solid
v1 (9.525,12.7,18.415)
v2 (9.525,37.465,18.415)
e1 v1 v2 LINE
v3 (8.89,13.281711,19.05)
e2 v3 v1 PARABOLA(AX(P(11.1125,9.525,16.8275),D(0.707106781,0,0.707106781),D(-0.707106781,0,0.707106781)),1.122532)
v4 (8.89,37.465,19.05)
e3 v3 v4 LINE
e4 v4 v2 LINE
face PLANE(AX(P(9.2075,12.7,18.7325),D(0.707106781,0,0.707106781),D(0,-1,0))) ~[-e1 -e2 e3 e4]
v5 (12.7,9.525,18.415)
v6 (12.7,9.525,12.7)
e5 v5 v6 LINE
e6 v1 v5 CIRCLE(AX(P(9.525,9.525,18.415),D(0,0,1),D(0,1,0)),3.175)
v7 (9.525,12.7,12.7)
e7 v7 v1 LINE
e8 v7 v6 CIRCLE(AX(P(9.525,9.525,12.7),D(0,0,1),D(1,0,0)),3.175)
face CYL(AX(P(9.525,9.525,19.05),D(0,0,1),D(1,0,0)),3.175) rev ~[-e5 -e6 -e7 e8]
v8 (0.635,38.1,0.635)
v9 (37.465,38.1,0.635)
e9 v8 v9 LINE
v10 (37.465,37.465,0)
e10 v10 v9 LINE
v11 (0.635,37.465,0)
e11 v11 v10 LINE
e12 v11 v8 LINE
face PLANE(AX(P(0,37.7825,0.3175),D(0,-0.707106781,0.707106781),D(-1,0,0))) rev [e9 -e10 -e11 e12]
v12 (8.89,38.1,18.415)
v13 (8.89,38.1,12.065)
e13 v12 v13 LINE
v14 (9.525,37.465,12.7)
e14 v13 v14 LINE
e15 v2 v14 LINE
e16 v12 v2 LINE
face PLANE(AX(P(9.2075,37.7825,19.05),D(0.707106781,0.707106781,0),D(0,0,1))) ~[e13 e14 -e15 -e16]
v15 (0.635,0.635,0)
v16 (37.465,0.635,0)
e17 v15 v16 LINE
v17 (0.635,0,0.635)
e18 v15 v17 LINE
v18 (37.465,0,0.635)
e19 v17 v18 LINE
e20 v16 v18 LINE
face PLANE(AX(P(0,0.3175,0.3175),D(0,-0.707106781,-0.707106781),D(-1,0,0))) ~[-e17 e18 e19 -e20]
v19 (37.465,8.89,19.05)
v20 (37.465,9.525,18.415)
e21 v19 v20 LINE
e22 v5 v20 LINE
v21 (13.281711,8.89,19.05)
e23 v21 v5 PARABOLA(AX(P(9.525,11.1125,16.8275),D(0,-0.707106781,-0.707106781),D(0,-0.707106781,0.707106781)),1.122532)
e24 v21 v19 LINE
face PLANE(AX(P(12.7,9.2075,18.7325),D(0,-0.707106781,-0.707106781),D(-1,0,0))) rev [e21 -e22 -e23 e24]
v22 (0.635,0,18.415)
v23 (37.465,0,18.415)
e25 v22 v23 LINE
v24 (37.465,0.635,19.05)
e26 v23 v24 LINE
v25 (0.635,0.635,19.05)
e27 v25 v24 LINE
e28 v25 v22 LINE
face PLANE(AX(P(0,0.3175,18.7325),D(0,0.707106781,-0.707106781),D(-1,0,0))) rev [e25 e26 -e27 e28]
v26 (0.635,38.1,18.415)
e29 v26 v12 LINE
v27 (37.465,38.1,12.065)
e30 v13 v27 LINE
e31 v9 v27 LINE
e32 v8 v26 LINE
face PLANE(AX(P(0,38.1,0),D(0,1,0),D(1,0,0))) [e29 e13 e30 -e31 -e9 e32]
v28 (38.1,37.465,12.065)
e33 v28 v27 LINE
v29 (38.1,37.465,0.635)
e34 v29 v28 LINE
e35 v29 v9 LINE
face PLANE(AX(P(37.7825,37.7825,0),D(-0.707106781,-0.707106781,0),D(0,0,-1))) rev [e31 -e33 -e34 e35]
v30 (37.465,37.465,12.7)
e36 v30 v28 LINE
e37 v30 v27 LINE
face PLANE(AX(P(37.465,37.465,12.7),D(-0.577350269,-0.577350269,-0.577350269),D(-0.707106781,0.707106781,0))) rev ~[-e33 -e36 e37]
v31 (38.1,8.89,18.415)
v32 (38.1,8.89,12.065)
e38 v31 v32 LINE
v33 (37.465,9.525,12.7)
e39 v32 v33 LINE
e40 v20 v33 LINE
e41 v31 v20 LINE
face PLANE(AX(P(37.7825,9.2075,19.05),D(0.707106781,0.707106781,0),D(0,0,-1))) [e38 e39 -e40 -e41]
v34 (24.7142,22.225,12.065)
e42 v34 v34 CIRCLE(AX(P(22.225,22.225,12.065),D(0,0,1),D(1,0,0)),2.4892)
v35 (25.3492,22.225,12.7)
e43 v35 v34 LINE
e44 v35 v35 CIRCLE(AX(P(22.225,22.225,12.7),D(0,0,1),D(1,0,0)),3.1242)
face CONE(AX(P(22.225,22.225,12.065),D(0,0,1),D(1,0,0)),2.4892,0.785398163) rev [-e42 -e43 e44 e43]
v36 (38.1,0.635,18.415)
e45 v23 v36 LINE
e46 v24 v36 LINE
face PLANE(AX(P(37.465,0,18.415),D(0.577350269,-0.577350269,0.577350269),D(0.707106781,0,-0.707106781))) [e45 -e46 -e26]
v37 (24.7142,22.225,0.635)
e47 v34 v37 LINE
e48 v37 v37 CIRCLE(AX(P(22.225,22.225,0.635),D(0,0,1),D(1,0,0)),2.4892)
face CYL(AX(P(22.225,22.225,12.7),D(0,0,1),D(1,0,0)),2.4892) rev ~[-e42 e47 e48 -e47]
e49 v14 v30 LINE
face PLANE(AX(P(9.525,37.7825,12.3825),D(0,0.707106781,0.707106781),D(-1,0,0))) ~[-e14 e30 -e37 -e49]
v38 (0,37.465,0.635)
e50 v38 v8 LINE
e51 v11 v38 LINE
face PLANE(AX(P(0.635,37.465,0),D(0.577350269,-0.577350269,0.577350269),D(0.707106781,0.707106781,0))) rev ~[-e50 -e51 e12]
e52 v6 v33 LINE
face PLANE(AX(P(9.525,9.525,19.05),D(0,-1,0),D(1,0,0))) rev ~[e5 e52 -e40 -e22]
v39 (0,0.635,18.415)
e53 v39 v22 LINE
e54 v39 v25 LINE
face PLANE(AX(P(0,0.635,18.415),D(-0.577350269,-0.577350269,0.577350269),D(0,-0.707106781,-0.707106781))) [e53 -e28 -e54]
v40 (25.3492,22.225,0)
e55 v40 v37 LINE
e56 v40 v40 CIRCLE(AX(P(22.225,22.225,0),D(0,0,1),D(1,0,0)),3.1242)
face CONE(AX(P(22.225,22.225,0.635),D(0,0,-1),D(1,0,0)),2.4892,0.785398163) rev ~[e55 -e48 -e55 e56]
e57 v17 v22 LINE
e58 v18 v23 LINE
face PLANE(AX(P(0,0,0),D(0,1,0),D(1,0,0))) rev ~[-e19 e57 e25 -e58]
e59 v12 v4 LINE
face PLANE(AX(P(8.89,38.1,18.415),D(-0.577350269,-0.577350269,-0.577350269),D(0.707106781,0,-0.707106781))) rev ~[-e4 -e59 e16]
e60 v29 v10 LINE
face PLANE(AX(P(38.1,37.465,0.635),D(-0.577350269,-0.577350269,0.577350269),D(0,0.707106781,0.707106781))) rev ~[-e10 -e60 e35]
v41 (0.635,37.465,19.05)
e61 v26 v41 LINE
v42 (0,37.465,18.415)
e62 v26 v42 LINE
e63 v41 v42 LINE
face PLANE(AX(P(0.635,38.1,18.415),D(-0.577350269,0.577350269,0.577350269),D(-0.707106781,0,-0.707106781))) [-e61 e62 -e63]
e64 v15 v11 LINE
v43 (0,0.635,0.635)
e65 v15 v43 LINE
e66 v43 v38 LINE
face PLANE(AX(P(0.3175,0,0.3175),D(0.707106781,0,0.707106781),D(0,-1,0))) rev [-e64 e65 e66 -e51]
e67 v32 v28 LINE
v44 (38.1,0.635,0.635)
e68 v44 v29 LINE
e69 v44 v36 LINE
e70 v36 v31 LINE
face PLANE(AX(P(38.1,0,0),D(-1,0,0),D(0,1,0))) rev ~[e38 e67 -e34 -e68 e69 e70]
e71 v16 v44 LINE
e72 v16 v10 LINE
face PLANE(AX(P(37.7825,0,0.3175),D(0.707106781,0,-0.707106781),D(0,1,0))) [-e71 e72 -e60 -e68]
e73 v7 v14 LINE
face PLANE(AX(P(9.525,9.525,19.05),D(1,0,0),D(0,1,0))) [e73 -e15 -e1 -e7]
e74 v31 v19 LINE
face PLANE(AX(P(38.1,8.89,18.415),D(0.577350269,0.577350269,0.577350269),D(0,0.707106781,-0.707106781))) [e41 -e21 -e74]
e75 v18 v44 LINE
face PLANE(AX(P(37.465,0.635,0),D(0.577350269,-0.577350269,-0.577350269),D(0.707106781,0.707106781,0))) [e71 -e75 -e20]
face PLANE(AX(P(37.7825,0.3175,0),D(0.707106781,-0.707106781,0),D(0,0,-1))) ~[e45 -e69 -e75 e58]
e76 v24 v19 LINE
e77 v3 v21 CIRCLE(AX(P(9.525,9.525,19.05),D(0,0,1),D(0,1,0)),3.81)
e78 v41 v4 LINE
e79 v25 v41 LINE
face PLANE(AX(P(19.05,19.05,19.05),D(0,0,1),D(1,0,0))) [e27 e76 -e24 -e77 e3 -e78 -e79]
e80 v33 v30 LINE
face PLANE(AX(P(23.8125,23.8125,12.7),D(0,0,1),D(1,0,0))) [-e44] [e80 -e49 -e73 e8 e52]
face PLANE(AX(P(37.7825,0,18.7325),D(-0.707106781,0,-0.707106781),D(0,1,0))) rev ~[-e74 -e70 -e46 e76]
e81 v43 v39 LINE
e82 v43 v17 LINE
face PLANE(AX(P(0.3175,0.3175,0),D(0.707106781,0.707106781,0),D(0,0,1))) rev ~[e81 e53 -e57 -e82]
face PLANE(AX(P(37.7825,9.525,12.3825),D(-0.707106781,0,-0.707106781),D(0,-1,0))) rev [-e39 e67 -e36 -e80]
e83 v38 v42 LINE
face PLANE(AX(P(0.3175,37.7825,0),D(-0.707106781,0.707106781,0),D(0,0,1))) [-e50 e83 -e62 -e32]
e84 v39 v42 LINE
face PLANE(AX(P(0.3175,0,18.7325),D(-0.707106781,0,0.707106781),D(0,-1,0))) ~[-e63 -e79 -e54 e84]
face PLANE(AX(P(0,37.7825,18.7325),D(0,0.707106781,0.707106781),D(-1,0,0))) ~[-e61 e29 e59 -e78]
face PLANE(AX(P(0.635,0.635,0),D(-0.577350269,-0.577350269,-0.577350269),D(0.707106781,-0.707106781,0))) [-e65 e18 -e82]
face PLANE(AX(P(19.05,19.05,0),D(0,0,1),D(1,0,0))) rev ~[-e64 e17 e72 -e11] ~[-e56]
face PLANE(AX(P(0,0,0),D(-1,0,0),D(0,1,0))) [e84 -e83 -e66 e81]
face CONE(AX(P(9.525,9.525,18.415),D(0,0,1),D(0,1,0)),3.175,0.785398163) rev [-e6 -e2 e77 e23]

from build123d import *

# Parameters (mm, degrees)
F0_W     = 38.1
F0_H     = 38.1
F1_DEPTH = 19.05
F2_W     = 28.575
F2_H     = 28.575
F3_DEPTH = 6.35
F4_R     = 2.4892
F5_DEPTH = 25.4
F6_R     = 3.175
F7_DEPTH = 6.35
F8_SIZE  = 0.635


with BuildPart() as f1:
    # F0 (on Top) → F1 (new body)
    with BuildSketch(Plane.XY):
        with Locations((19.05, 19.05)):
            Rectangle(F0_W, F0_H)
    extrude(amount=F1_DEPTH)

    # F2 (on face) → F3 (cut)
    with BuildSketch(Plane.XY.offset(19.05)):
        with Locations((23.8125, 23.8125)):
            Rectangle(F2_W, F2_H)
    extrude(amount=-F3_DEPTH, mode=Mode.SUBTRACT)

    # F4 (on face) → F5 (cut)
    with BuildSketch(Plane.XY.offset(12.7)):
        with Locations((22.225, 22.225)):
            Circle(F4_R)
    extrude(amount=-F5_DEPTH, mode=Mode.SUBTRACT)

    # F6 (on face) → F7 (cut)
    with BuildSketch(Plane.XY.offset(19.05)):
        with Locations((9.525, 9.525)):
            Circle(F6_R)
    extrude(amount=-F7_DEPTH, mode=Mode.SUBTRACT)

    # F8
    f8_edges = [f1.edges().sort_by_distance(p)[0] for p in [
        (9.525, 25.4, 19.05),
        (7.279936, 7.279936, 19.05),
        (25.4, 9.525, 19.05),
        (38.1, 4.7625, 19.05),
        (19.05, 0, 19.05),
        (0, 19.05, 19.05),
        (4.7625, 38.1, 19.05),
        (0, 38.1, 9.525),
        (0, 0, 9.525),
        (0, 19.05, 0),
        (38.1, 0, 9.525),
        (19.05, 0, 0),
        (19.05, 38.1, 0),
        (38.1, 19.05, 0),
        (19.7358, 22.225, 0),
        (38.1, 38.1, 6.35),
        (38.1, 23.8125, 12.7),
        (38.1, 9.525, 15.875),
        (9.525, 38.1, 15.875),
        (23.8125, 38.1, 12.7),
        (19.7358, 22.225, 12.7),
    ]]
    chamfer(f8_edges, length=F8_SIZE)


solid = f1.part
